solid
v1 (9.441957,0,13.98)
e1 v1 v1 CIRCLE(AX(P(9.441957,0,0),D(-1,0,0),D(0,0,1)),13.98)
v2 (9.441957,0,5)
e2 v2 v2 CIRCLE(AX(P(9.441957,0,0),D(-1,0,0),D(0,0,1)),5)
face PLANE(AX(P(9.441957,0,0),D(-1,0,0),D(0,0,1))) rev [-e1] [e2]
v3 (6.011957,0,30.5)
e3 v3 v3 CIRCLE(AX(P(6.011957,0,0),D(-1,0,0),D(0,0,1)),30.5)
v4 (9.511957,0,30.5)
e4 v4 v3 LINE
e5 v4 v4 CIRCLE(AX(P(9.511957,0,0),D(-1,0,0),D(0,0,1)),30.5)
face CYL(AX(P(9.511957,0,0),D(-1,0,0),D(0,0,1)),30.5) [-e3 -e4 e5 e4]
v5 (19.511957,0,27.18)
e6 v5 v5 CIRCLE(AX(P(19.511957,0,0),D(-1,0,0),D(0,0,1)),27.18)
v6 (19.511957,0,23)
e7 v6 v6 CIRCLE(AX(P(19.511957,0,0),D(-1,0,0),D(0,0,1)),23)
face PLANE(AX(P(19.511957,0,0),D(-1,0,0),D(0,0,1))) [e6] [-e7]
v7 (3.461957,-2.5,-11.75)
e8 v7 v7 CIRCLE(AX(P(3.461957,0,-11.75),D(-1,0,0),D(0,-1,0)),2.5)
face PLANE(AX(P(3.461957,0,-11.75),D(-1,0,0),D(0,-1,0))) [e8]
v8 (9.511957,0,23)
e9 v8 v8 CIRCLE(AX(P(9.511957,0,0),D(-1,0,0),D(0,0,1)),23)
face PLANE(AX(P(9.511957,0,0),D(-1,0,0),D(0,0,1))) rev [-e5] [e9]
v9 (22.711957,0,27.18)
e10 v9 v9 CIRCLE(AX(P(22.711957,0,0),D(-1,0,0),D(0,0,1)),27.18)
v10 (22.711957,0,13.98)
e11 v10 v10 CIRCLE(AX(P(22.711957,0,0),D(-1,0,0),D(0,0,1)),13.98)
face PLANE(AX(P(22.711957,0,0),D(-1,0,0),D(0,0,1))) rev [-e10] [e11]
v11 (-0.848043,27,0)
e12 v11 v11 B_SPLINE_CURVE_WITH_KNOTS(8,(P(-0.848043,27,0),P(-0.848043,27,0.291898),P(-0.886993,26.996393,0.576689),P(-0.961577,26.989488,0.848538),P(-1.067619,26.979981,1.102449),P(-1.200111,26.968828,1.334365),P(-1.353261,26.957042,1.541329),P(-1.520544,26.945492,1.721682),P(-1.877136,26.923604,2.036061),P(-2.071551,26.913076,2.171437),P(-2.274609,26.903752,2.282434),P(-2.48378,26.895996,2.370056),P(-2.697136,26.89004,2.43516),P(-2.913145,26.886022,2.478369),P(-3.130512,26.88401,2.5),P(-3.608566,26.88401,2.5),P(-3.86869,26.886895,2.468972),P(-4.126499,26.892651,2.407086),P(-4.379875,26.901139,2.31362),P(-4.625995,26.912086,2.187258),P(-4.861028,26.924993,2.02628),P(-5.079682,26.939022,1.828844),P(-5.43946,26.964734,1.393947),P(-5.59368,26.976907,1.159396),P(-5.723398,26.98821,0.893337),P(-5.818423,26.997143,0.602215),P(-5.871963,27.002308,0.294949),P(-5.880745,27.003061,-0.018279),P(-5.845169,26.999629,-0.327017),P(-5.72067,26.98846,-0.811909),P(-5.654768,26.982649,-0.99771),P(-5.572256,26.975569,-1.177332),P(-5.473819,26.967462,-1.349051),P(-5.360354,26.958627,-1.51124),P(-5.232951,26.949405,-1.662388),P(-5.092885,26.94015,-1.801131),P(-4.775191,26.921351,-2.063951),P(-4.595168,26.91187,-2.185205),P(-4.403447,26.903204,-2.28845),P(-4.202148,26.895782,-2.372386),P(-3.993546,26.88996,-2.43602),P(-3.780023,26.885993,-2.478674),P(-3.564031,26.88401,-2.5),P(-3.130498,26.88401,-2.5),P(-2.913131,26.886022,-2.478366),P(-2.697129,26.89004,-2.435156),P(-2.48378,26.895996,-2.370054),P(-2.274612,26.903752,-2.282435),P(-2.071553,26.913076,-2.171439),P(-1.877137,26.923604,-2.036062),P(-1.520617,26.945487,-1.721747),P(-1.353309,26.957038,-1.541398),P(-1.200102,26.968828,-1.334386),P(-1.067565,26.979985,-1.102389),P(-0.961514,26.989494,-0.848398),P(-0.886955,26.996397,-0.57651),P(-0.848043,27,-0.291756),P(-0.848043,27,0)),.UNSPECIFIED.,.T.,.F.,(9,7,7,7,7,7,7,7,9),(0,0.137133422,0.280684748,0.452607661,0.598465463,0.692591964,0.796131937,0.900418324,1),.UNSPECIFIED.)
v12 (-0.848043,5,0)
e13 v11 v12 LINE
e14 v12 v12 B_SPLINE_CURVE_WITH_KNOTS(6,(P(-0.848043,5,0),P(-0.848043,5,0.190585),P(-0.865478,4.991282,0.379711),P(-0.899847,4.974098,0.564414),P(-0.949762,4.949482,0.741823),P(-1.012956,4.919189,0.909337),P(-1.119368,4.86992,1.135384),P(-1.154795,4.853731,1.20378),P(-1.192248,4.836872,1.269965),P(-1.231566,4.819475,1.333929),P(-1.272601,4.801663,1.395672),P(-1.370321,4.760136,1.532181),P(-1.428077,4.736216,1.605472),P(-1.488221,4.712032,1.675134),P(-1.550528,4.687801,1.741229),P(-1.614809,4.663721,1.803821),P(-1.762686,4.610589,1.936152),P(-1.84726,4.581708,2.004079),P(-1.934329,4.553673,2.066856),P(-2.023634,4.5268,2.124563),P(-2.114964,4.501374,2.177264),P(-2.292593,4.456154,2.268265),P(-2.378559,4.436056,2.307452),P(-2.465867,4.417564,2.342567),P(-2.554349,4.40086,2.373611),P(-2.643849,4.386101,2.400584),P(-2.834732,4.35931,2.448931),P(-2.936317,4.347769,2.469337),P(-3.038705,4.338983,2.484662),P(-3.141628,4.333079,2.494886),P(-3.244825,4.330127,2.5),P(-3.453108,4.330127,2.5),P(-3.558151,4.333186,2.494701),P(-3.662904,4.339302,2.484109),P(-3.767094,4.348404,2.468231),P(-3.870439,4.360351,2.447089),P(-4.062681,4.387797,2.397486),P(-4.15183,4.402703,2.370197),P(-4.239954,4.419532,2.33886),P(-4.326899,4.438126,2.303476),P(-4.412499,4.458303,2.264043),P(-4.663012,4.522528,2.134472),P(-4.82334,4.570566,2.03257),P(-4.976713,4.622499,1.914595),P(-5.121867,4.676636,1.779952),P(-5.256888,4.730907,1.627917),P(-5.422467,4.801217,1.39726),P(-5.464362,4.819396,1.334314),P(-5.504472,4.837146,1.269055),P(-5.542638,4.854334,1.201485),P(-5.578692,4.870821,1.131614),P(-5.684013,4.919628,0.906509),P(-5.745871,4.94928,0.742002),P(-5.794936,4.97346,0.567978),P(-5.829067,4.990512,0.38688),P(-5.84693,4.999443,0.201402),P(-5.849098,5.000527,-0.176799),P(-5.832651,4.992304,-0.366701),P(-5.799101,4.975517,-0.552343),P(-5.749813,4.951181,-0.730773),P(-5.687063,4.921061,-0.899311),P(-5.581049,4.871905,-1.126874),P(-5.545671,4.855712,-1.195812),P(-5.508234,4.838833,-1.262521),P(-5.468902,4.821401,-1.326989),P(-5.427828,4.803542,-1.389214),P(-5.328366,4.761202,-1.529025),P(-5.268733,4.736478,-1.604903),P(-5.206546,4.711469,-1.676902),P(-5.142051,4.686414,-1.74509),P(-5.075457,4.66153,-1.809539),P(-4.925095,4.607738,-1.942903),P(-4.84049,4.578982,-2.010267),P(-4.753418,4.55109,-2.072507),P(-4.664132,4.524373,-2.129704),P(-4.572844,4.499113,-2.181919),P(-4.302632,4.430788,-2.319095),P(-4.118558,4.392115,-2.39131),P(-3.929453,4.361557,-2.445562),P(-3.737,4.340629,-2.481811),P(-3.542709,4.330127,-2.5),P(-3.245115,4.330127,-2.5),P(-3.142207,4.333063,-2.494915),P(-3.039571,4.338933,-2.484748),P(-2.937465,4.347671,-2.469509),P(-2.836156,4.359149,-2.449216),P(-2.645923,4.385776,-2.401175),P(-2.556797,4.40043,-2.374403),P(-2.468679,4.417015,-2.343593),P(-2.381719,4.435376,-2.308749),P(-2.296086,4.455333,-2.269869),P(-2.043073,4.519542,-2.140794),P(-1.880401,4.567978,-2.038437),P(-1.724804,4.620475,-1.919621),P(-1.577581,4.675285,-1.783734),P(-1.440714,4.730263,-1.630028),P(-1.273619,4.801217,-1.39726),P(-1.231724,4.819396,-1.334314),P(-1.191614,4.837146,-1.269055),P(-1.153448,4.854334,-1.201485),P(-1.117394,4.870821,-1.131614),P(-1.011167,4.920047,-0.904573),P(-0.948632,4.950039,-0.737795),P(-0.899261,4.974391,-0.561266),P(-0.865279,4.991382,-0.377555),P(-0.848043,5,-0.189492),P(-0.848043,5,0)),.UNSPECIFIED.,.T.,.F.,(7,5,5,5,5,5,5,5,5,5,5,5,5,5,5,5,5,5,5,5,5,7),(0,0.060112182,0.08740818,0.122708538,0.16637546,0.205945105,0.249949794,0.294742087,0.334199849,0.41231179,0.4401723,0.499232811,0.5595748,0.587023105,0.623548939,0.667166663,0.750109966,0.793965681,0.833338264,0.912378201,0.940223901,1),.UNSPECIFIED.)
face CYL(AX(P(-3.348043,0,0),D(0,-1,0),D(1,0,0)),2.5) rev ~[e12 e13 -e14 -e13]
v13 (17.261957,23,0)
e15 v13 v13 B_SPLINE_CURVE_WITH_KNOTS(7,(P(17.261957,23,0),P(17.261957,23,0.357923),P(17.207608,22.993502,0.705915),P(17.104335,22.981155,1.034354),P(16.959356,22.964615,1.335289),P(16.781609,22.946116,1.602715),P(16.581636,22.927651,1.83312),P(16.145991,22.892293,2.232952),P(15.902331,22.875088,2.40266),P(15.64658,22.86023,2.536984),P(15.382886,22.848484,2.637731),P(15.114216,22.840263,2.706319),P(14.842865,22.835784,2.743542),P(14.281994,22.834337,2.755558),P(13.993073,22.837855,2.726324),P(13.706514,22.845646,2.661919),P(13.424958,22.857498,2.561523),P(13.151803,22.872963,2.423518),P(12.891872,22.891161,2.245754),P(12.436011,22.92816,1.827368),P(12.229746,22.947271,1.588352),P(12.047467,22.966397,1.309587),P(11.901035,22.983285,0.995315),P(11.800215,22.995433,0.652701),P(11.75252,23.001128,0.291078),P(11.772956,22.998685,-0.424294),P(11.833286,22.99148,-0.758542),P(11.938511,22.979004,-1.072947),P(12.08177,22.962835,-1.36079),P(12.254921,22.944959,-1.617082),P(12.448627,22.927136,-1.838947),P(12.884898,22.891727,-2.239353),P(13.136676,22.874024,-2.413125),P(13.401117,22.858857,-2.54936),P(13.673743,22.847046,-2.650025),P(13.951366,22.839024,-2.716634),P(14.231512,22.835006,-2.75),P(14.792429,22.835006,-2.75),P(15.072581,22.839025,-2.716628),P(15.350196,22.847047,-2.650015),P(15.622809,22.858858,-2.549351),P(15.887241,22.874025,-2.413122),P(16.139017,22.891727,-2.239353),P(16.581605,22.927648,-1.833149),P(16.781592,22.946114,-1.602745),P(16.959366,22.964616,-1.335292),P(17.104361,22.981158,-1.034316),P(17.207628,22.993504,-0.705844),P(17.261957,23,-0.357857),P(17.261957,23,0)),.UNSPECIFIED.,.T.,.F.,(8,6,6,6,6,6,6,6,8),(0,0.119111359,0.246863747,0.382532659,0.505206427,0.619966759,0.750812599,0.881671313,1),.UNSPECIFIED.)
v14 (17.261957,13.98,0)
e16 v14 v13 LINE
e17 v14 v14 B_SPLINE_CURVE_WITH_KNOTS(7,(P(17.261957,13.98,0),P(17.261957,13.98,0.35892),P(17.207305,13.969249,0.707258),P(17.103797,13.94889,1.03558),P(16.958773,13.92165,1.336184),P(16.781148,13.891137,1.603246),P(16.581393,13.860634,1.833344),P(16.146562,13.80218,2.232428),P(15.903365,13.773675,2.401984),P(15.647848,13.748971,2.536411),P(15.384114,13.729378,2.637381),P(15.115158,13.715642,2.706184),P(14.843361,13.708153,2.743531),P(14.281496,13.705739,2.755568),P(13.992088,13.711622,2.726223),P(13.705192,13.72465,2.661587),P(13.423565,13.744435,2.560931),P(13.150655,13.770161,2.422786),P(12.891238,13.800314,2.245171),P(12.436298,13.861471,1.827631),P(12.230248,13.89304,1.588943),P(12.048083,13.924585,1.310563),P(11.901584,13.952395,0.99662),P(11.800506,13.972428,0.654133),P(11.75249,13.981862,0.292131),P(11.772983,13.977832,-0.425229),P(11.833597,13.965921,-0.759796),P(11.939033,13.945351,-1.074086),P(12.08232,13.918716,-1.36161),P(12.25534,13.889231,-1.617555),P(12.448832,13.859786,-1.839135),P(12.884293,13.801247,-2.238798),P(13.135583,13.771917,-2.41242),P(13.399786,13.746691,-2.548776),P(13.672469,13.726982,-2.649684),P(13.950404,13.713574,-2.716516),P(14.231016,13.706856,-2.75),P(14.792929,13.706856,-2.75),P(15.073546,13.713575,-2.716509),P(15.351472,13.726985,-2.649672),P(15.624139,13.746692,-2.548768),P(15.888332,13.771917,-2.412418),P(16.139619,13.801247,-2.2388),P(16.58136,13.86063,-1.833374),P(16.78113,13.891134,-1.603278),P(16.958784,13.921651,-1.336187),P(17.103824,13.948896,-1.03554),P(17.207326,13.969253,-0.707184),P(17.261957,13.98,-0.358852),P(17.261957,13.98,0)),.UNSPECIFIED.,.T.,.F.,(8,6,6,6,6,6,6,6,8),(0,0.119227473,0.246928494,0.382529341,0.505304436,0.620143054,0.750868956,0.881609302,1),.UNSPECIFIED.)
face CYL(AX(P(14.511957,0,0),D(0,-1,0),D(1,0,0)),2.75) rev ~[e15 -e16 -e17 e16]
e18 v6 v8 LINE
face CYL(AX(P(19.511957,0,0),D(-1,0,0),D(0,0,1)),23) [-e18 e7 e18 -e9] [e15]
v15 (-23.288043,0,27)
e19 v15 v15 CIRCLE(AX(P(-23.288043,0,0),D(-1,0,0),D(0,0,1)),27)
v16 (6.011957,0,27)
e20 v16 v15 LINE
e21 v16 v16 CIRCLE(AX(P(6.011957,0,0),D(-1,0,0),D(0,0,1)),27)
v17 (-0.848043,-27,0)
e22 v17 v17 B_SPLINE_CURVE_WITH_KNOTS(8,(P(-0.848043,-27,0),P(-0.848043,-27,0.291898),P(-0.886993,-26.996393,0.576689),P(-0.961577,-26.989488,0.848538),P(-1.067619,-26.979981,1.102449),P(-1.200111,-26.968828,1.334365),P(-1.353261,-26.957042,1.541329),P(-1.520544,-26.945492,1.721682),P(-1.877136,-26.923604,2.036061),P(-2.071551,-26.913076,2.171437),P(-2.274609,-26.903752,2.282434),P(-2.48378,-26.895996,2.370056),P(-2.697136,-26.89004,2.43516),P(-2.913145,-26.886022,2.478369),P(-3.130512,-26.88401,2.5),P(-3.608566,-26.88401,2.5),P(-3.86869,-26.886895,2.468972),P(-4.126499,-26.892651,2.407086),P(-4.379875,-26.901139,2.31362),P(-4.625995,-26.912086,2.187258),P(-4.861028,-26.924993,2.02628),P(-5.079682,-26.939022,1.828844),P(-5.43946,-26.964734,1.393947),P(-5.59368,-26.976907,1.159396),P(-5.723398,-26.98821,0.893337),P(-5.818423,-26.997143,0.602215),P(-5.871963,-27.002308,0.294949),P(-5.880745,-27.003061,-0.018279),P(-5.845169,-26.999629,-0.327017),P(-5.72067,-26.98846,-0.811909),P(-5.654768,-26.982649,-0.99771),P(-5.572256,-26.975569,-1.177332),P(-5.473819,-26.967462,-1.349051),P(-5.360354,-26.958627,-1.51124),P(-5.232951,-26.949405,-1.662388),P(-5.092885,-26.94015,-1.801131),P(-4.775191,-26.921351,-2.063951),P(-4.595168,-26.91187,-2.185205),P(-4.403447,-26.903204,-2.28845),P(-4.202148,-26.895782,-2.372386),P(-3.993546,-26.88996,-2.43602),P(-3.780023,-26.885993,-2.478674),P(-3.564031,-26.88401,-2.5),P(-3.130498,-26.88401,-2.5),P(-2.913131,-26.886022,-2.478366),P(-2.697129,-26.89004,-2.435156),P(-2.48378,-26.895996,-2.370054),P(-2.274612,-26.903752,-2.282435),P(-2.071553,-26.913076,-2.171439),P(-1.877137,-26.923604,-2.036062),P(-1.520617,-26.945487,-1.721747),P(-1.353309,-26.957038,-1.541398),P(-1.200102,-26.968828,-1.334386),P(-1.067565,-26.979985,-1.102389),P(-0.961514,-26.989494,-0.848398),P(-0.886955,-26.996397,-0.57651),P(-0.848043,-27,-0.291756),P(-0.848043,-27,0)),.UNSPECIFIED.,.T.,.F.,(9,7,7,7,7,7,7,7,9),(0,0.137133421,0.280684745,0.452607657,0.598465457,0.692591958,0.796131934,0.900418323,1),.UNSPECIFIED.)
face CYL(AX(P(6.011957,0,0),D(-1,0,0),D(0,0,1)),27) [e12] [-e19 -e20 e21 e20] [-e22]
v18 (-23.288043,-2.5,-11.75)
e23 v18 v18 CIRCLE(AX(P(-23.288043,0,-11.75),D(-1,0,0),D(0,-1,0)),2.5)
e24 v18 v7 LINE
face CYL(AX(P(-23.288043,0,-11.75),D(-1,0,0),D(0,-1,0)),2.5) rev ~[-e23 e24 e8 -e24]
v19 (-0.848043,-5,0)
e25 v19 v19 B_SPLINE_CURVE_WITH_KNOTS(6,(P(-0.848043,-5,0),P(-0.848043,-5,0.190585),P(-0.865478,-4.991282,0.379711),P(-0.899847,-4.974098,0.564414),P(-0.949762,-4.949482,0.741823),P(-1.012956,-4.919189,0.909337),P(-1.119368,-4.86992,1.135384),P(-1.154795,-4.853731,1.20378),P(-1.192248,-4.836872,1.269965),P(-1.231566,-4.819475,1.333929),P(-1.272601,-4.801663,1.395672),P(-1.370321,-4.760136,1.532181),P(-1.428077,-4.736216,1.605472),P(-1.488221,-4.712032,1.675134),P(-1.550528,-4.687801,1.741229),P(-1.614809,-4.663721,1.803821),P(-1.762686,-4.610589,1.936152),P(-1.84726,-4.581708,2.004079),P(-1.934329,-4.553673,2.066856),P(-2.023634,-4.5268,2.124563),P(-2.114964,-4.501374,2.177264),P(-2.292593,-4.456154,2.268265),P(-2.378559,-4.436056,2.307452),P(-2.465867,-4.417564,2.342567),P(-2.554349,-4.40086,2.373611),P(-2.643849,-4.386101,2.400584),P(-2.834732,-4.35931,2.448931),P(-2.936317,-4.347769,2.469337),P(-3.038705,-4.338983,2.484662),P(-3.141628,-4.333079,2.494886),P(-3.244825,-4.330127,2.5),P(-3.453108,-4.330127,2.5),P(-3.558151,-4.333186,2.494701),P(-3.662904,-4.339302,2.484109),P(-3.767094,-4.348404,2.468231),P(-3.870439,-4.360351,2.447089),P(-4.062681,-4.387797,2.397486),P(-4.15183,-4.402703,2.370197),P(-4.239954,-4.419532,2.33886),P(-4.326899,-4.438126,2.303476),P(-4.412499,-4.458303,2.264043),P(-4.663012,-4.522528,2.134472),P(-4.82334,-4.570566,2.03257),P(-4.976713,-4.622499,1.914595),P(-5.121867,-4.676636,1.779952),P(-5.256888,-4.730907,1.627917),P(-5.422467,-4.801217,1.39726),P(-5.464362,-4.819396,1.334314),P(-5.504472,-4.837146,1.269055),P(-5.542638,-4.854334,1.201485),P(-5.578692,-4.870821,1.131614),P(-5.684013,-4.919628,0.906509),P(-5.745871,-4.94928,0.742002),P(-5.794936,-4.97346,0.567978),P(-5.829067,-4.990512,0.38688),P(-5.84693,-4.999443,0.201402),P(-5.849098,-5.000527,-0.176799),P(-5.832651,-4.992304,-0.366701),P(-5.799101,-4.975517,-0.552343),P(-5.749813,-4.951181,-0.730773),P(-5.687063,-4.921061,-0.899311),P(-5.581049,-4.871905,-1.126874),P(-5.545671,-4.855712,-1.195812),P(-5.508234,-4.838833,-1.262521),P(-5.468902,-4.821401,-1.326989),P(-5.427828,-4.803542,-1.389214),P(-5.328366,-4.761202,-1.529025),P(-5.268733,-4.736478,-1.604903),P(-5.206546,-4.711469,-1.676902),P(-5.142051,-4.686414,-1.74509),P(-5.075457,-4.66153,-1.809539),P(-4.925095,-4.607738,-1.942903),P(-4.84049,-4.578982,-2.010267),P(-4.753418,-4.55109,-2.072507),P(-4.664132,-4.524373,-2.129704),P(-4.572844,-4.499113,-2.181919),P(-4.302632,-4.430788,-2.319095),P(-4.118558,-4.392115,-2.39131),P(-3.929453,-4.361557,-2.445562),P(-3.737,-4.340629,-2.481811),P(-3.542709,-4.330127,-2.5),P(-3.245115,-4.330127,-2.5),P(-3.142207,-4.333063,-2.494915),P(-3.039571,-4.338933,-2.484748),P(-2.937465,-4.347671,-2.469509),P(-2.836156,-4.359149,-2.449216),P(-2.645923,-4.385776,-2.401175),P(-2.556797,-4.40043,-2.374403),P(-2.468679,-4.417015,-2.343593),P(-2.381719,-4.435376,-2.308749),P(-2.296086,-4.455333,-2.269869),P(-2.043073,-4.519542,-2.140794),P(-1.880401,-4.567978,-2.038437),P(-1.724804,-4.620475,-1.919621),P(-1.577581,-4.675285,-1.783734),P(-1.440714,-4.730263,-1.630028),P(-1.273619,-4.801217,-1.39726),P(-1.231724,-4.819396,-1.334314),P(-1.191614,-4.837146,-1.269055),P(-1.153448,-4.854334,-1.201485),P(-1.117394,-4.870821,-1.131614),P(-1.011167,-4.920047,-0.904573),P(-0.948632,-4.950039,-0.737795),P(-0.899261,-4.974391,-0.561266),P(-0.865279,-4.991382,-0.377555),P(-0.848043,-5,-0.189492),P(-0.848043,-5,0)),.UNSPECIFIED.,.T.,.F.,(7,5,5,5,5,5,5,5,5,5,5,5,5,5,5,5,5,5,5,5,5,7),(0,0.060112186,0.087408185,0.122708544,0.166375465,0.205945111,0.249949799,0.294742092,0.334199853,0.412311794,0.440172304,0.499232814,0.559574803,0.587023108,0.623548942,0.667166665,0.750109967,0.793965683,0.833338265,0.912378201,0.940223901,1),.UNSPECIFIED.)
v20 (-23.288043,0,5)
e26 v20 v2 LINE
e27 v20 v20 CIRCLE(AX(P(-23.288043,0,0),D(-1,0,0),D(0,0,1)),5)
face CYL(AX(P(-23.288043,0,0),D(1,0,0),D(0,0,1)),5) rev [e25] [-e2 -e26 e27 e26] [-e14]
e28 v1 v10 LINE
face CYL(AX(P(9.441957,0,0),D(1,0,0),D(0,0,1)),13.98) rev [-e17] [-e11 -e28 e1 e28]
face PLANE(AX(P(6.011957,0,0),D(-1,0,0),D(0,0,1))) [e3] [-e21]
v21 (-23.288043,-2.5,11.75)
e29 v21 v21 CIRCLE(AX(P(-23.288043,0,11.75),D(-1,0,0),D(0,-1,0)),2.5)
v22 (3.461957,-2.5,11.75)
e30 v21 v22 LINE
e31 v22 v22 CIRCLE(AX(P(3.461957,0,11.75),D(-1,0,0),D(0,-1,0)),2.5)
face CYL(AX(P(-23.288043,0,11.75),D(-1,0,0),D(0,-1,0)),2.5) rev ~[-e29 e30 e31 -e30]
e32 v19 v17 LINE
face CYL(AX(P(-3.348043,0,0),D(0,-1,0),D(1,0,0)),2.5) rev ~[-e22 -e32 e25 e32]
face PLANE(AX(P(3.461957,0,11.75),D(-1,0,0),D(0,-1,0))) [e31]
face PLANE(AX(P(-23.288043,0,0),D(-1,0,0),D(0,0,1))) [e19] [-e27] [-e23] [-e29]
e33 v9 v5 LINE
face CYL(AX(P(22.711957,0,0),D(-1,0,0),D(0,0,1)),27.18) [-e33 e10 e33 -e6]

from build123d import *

# Parameters (mm, degrees)
F3_R     = 2.5
F4_DEPTH = 56.9
F5_R     = 2.5
F6_DEPTH = 26.75
F7_R     = 2.75
F8_DEPTH = 25


with BuildPart() as f2:
    # F0 (on Front) → F2 (revolve)
    with BuildSketch(Plane.XZ):
        Polygon((6.011957, 27), (-23.288043, 27), (-23.288043, 5), (9.441957, 5), (9.441957, 13.98), (22.711957, 13.98), (22.711957, 27.18), (19.511957, 27.18), (19.511957, 23), (9.511957, 23), (9.511957, 30.5), (6.011957, 30.5), align=None)
    revolve(axis=Axis((-13.926744, 0, 0), (-1, 0, 0)))

    # F3 (on Front) → F4 (cut, symmetric)
    with BuildSketch(Plane.XZ):
        with Locations((-3.348043, 0)):
            Circle(F3_R)
    extrude(amount=F4_DEPTH, both=True, mode=Mode.SUBTRACT)

    # F5 (on face) → F6 (cut)
    with BuildSketch(Plane(origin=(-23.288043, 0, 0), x_dir=(0, -1, 0), z_dir=(-1, 0, 0))):
        with Locations((0, -11.75)):
            Circle(F5_R)
        with Locations((0, 11.75)):
            Circle(F5_R)
    extrude(amount=-F6_DEPTH, mode=Mode.SUBTRACT)

    # F7 (on Front) → F8 (cut)
    with BuildSketch(Plane.XZ):
        with Locations((14.511957, 0)):
            Circle(F7_R)
    extrude(amount=-F8_DEPTH, mode=Mode.SUBTRACT)


solid = f2.part
